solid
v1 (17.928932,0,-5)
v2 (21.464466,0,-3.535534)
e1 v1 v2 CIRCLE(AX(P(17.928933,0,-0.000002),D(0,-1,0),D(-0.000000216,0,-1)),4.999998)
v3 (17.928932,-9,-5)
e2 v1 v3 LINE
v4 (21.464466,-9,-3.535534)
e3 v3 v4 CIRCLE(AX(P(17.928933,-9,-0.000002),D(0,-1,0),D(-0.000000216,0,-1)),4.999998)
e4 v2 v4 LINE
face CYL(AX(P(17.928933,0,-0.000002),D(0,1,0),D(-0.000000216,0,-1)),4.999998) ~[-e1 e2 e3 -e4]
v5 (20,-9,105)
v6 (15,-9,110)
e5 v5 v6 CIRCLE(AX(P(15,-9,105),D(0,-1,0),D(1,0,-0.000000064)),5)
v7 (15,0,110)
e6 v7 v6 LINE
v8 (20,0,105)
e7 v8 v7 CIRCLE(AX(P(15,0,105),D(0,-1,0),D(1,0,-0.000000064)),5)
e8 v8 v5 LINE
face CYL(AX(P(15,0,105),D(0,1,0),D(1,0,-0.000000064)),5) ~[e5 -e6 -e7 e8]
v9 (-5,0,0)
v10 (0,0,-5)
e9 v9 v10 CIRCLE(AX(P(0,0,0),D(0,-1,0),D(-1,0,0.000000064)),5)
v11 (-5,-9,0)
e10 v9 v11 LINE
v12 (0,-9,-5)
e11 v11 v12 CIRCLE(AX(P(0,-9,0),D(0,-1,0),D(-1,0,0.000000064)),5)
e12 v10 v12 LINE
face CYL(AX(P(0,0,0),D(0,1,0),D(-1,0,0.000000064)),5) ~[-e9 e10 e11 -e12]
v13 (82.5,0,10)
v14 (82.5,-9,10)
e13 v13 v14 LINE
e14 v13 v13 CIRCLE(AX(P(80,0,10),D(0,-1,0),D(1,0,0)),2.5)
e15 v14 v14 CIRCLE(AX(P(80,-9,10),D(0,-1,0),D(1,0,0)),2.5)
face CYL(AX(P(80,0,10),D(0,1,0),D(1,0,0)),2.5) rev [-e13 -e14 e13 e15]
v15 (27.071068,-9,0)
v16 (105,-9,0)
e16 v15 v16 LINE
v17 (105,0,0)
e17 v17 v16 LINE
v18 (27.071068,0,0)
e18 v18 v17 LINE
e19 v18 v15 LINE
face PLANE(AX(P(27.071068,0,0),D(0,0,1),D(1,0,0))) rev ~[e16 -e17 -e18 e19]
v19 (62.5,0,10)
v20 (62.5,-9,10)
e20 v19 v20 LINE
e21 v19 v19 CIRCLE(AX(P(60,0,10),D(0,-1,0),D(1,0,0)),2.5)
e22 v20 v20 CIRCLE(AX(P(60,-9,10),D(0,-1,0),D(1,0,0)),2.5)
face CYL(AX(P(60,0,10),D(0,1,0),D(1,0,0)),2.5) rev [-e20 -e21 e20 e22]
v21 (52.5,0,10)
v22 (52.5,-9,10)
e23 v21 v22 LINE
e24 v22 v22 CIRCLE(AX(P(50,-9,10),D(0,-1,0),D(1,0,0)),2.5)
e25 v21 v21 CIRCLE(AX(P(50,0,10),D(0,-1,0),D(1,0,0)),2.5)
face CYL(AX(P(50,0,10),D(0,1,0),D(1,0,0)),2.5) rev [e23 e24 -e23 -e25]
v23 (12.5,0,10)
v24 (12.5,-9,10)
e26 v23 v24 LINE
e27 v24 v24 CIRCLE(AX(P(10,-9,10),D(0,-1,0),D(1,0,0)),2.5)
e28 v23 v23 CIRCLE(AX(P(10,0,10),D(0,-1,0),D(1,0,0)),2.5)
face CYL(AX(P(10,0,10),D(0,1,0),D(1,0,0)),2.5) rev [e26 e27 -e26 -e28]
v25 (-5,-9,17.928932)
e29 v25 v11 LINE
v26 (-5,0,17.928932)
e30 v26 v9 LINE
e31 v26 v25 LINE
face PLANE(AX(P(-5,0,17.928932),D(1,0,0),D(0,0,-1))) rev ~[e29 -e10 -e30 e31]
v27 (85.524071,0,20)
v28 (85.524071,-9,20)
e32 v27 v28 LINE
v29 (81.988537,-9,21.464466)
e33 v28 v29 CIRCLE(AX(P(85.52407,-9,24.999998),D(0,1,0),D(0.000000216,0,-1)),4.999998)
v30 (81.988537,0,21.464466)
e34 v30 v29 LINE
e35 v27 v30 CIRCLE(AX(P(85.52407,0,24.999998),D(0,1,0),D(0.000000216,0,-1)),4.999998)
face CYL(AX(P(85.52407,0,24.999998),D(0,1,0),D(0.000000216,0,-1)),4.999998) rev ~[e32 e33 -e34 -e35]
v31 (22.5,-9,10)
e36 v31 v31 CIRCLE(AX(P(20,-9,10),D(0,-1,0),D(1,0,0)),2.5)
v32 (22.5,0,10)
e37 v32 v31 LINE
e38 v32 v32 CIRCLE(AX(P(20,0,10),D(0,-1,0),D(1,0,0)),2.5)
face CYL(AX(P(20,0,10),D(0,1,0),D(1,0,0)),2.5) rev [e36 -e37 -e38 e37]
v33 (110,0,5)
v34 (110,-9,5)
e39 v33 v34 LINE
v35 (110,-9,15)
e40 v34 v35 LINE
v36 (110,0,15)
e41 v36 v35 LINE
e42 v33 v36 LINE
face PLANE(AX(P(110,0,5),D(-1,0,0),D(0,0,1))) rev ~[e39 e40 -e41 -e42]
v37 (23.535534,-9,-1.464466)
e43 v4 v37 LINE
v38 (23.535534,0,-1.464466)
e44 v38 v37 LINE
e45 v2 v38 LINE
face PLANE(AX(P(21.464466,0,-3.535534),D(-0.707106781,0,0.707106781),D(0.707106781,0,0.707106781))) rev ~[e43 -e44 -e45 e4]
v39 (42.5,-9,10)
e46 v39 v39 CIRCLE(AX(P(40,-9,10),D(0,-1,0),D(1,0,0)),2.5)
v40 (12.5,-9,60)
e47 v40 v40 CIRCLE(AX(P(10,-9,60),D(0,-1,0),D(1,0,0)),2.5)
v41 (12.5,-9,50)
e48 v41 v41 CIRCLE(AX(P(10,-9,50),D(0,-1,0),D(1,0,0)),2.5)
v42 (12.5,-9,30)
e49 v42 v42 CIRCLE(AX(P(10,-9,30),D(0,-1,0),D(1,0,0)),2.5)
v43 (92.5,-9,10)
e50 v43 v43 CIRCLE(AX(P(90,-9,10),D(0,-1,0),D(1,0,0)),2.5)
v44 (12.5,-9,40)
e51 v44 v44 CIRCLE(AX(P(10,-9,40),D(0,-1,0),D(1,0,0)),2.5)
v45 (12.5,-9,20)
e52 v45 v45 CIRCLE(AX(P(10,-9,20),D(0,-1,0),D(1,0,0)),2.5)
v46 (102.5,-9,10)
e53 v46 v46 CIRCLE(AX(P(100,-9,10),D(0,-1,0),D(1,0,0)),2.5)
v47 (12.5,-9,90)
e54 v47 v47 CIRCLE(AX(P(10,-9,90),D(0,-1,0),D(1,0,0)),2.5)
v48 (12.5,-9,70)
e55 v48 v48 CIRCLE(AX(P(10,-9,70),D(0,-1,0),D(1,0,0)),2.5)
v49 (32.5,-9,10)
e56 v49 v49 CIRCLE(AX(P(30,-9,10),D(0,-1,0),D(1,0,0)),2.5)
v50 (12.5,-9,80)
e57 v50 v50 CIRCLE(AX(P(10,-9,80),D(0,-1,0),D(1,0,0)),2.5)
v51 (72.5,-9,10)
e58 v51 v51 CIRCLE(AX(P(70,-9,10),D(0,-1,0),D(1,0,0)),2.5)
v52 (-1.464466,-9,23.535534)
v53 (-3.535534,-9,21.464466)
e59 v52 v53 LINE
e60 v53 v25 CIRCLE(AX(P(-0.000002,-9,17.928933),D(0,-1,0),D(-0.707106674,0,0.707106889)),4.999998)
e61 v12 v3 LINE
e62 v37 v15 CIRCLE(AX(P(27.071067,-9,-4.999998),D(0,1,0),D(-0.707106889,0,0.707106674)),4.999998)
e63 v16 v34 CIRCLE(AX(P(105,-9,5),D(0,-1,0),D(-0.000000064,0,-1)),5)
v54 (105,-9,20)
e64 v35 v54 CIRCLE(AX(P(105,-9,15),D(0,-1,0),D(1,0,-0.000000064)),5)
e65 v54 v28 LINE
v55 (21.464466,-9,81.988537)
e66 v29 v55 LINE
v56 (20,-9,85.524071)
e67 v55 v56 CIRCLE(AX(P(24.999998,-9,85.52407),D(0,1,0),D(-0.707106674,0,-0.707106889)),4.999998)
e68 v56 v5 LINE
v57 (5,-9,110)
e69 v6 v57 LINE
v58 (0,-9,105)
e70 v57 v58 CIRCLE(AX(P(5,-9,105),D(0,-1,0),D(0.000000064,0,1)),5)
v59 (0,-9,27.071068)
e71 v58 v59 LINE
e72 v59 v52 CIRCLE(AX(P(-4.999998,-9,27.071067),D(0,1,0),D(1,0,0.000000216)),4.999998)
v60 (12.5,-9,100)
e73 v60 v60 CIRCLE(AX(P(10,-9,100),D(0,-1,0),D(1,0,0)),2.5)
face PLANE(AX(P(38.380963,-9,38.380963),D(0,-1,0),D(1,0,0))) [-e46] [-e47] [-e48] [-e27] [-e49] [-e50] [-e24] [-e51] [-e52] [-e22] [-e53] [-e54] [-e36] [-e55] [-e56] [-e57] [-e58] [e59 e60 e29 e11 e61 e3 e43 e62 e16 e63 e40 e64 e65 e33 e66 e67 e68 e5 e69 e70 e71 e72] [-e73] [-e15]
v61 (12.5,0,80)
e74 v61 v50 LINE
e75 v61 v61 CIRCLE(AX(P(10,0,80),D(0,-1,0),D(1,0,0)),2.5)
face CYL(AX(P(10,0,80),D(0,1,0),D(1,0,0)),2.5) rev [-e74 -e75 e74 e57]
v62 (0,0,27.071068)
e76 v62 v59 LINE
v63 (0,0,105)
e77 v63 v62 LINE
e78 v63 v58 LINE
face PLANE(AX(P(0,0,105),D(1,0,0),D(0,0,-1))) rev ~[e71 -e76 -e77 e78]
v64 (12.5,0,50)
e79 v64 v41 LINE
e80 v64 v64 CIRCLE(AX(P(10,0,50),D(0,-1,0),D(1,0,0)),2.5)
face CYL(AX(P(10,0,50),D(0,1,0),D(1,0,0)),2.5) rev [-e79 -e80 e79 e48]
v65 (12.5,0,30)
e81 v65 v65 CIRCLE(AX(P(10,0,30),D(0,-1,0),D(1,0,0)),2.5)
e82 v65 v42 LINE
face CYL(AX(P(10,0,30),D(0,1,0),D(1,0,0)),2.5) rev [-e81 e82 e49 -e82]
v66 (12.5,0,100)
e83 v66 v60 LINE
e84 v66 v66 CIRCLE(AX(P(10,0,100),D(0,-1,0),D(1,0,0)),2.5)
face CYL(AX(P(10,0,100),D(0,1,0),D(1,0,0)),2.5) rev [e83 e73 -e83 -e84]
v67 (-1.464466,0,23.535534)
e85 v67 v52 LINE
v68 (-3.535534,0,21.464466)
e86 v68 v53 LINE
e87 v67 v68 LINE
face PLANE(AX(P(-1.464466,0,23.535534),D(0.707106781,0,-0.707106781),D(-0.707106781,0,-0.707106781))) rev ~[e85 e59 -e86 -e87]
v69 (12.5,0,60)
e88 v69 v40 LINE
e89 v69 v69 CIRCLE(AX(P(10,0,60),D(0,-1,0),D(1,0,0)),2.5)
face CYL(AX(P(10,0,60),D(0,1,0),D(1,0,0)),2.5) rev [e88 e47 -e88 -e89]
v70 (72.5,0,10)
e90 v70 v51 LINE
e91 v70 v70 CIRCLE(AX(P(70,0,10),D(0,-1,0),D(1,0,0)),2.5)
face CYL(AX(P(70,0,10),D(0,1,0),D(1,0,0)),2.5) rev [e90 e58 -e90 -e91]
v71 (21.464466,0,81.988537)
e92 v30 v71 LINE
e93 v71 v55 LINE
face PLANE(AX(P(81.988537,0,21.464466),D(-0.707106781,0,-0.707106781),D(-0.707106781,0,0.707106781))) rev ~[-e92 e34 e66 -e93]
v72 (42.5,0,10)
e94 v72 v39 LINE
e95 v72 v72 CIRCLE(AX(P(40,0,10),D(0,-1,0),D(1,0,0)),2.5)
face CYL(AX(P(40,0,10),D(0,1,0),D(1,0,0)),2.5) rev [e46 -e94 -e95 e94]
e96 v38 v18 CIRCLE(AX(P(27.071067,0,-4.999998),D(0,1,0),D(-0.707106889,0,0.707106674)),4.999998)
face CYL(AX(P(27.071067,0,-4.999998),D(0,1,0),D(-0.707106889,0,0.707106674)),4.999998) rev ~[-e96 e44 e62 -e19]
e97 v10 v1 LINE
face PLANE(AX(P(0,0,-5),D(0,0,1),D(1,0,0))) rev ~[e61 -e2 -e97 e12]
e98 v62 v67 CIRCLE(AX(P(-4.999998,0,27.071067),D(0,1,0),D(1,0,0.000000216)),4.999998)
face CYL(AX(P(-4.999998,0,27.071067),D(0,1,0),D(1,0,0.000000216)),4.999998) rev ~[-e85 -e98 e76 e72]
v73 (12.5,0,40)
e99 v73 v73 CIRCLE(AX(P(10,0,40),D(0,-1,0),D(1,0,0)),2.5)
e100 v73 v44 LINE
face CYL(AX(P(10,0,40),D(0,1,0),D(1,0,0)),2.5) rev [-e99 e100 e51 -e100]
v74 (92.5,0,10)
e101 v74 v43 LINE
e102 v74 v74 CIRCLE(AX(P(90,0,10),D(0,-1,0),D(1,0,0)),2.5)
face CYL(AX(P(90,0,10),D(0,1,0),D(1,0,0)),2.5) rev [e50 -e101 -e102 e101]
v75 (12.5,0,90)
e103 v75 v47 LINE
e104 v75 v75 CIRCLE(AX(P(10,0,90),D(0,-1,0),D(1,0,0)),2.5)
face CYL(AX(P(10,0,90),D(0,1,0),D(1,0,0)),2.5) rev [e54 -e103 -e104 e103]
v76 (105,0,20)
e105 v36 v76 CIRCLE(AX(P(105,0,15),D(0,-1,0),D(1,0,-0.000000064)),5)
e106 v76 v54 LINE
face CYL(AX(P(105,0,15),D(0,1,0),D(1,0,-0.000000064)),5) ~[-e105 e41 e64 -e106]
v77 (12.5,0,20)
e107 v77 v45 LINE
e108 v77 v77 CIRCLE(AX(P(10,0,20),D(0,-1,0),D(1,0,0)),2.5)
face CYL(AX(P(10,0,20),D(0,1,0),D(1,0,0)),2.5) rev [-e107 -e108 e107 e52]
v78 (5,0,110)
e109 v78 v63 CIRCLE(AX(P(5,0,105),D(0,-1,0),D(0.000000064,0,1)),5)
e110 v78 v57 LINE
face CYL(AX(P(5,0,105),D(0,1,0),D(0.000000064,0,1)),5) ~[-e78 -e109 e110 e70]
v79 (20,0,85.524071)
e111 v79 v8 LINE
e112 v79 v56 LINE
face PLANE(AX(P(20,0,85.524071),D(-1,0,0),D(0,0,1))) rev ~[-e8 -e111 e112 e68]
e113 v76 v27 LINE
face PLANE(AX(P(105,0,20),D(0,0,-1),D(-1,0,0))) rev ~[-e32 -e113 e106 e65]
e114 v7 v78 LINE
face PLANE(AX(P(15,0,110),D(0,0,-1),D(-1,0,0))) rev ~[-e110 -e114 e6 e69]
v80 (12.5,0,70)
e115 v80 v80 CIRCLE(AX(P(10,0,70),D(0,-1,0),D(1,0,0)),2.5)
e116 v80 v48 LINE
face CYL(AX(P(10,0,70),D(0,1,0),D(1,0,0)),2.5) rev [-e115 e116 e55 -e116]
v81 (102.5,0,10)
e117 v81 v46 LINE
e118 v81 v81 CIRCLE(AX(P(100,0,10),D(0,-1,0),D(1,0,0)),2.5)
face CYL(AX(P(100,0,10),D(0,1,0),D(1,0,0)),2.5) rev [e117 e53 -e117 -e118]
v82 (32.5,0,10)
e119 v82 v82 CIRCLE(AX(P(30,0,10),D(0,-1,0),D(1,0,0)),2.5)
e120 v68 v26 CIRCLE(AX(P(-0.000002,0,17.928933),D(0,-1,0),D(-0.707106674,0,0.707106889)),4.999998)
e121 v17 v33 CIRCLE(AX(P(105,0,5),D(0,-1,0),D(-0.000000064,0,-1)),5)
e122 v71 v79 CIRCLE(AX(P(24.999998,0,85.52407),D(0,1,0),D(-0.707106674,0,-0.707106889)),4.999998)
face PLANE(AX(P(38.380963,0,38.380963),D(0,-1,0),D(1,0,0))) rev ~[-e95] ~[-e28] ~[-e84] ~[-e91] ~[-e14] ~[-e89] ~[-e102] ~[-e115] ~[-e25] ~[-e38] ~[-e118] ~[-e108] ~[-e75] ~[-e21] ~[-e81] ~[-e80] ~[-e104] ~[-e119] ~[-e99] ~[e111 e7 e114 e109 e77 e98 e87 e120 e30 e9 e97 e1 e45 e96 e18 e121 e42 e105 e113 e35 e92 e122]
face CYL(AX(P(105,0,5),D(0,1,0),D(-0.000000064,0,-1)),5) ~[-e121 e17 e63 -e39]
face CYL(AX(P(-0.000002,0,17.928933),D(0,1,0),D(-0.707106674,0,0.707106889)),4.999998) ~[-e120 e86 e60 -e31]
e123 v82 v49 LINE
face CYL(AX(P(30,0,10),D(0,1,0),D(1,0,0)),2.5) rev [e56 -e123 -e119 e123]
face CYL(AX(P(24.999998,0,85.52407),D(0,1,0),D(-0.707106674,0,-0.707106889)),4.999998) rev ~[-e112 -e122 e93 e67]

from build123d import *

# Parameters (mm, degrees)
F0_R     = 2.5
F1_DEPTH = 9


with BuildPart() as f1:
    # F0 (on Front) → F1 (new body)
    with BuildSketch(Plane.XZ):
        with BuildLine():
            ThreePointArc((5, 110), (1.464466, 108.535534), (0, 105))
            Line((0, 105), (0, 27.071068))
            ThreePointArc((0, 27.071068), (-0.380602, 25.157651), (-1.464466, 23.535534))
            Line((-1.464466, 23.535534), (-3.535534, 21.464466))
            ThreePointArc((-3.535534, 21.464466), (-4.619398, 19.842349), (-5, 17.928932))
            Line((-5, 17.928932), (-5, 0))
            ThreePointArc((-5, 0), (-3.535534, -3.535534), (0, -5))
            Line((0, -5), (17.928932, -5))
            ThreePointArc((17.928932, -5), (19.842349, -4.619398), (21.464466, -3.535534))
            Line((21.464466, -3.535534), (23.535534, -1.464466))
            ThreePointArc((23.535534, -1.464466), (25.157651, -0.380602), (27.071068, 0))
            Line((27.071068, 0), (105, 0))
            ThreePointArc((105, 0), (108.535534, 1.464466), (110, 5))
            Line((110, 5), (110, 15))
            ThreePointArc((110, 15), (108.535534, 18.535534), (105, 20))
            Line((105, 20), (85.524071, 20))
            ThreePointArc((85.524071, 20), (83.610654, 20.380602), (81.988537, 21.464466))
            Line((81.988537, 21.464466), (21.464466, 81.988537))
            ThreePointArc((21.464466, 81.988537), (20.380602, 83.610654), (20, 85.524071))
            Line((20, 85.524071), (20, 105))
            ThreePointArc((20, 105), (18.535534, 108.535534), (15, 110))
            Line((15, 110), (5, 110))
        make_face()
        with Locations((10, 10)):
            Circle(F0_R, mode=Mode.SUBTRACT)
        with Locations((20, 10)):
            Circle(F0_R, mode=Mode.SUBTRACT)
        with Locations((10, 20)):
            Circle(F0_R, mode=Mode.SUBTRACT)
        with Locations((30, 10)):
            Circle(F0_R, mode=Mode.SUBTRACT)
        with Locations((40, 10)):
            Circle(F0_R, mode=Mode.SUBTRACT)
        with Locations((50, 10)):
            Circle(F0_R, mode=Mode.SUBTRACT)
        with Locations((10, 30)):
            Circle(F0_R, mode=Mode.SUBTRACT)
        with Locations((10, 40)):
            Circle(F0_R, mode=Mode.SUBTRACT)
        with Locations((10, 50)):
            Circle(F0_R, mode=Mode.SUBTRACT)
        with Locations((60, 10)):
            Circle(F0_R, mode=Mode.SUBTRACT)
        with Locations((70, 10)):
            Circle(F0_R, mode=Mode.SUBTRACT)
        with Locations((80, 10)):
            Circle(F0_R, mode=Mode.SUBTRACT)
        with Locations((90, 10)):
            Circle(F0_R, mode=Mode.SUBTRACT)
        with Locations((100, 10)):
            Circle(F0_R, mode=Mode.SUBTRACT)
        with Locations((10, 60)):
            Circle(F0_R, mode=Mode.SUBTRACT)
        with Locations((10, 70)):
            Circle(F0_R, mode=Mode.SUBTRACT)
        with Locations((10, 80)):
            Circle(F0_R, mode=Mode.SUBTRACT)
        with Locations((10, 90)):
            Circle(F0_R, mode=Mode.SUBTRACT)
        with Locations((10, 100)):
            Circle(F0_R, mode=Mode.SUBTRACT)
    extrude(amount=F1_DEPTH)


solid = f1.part
